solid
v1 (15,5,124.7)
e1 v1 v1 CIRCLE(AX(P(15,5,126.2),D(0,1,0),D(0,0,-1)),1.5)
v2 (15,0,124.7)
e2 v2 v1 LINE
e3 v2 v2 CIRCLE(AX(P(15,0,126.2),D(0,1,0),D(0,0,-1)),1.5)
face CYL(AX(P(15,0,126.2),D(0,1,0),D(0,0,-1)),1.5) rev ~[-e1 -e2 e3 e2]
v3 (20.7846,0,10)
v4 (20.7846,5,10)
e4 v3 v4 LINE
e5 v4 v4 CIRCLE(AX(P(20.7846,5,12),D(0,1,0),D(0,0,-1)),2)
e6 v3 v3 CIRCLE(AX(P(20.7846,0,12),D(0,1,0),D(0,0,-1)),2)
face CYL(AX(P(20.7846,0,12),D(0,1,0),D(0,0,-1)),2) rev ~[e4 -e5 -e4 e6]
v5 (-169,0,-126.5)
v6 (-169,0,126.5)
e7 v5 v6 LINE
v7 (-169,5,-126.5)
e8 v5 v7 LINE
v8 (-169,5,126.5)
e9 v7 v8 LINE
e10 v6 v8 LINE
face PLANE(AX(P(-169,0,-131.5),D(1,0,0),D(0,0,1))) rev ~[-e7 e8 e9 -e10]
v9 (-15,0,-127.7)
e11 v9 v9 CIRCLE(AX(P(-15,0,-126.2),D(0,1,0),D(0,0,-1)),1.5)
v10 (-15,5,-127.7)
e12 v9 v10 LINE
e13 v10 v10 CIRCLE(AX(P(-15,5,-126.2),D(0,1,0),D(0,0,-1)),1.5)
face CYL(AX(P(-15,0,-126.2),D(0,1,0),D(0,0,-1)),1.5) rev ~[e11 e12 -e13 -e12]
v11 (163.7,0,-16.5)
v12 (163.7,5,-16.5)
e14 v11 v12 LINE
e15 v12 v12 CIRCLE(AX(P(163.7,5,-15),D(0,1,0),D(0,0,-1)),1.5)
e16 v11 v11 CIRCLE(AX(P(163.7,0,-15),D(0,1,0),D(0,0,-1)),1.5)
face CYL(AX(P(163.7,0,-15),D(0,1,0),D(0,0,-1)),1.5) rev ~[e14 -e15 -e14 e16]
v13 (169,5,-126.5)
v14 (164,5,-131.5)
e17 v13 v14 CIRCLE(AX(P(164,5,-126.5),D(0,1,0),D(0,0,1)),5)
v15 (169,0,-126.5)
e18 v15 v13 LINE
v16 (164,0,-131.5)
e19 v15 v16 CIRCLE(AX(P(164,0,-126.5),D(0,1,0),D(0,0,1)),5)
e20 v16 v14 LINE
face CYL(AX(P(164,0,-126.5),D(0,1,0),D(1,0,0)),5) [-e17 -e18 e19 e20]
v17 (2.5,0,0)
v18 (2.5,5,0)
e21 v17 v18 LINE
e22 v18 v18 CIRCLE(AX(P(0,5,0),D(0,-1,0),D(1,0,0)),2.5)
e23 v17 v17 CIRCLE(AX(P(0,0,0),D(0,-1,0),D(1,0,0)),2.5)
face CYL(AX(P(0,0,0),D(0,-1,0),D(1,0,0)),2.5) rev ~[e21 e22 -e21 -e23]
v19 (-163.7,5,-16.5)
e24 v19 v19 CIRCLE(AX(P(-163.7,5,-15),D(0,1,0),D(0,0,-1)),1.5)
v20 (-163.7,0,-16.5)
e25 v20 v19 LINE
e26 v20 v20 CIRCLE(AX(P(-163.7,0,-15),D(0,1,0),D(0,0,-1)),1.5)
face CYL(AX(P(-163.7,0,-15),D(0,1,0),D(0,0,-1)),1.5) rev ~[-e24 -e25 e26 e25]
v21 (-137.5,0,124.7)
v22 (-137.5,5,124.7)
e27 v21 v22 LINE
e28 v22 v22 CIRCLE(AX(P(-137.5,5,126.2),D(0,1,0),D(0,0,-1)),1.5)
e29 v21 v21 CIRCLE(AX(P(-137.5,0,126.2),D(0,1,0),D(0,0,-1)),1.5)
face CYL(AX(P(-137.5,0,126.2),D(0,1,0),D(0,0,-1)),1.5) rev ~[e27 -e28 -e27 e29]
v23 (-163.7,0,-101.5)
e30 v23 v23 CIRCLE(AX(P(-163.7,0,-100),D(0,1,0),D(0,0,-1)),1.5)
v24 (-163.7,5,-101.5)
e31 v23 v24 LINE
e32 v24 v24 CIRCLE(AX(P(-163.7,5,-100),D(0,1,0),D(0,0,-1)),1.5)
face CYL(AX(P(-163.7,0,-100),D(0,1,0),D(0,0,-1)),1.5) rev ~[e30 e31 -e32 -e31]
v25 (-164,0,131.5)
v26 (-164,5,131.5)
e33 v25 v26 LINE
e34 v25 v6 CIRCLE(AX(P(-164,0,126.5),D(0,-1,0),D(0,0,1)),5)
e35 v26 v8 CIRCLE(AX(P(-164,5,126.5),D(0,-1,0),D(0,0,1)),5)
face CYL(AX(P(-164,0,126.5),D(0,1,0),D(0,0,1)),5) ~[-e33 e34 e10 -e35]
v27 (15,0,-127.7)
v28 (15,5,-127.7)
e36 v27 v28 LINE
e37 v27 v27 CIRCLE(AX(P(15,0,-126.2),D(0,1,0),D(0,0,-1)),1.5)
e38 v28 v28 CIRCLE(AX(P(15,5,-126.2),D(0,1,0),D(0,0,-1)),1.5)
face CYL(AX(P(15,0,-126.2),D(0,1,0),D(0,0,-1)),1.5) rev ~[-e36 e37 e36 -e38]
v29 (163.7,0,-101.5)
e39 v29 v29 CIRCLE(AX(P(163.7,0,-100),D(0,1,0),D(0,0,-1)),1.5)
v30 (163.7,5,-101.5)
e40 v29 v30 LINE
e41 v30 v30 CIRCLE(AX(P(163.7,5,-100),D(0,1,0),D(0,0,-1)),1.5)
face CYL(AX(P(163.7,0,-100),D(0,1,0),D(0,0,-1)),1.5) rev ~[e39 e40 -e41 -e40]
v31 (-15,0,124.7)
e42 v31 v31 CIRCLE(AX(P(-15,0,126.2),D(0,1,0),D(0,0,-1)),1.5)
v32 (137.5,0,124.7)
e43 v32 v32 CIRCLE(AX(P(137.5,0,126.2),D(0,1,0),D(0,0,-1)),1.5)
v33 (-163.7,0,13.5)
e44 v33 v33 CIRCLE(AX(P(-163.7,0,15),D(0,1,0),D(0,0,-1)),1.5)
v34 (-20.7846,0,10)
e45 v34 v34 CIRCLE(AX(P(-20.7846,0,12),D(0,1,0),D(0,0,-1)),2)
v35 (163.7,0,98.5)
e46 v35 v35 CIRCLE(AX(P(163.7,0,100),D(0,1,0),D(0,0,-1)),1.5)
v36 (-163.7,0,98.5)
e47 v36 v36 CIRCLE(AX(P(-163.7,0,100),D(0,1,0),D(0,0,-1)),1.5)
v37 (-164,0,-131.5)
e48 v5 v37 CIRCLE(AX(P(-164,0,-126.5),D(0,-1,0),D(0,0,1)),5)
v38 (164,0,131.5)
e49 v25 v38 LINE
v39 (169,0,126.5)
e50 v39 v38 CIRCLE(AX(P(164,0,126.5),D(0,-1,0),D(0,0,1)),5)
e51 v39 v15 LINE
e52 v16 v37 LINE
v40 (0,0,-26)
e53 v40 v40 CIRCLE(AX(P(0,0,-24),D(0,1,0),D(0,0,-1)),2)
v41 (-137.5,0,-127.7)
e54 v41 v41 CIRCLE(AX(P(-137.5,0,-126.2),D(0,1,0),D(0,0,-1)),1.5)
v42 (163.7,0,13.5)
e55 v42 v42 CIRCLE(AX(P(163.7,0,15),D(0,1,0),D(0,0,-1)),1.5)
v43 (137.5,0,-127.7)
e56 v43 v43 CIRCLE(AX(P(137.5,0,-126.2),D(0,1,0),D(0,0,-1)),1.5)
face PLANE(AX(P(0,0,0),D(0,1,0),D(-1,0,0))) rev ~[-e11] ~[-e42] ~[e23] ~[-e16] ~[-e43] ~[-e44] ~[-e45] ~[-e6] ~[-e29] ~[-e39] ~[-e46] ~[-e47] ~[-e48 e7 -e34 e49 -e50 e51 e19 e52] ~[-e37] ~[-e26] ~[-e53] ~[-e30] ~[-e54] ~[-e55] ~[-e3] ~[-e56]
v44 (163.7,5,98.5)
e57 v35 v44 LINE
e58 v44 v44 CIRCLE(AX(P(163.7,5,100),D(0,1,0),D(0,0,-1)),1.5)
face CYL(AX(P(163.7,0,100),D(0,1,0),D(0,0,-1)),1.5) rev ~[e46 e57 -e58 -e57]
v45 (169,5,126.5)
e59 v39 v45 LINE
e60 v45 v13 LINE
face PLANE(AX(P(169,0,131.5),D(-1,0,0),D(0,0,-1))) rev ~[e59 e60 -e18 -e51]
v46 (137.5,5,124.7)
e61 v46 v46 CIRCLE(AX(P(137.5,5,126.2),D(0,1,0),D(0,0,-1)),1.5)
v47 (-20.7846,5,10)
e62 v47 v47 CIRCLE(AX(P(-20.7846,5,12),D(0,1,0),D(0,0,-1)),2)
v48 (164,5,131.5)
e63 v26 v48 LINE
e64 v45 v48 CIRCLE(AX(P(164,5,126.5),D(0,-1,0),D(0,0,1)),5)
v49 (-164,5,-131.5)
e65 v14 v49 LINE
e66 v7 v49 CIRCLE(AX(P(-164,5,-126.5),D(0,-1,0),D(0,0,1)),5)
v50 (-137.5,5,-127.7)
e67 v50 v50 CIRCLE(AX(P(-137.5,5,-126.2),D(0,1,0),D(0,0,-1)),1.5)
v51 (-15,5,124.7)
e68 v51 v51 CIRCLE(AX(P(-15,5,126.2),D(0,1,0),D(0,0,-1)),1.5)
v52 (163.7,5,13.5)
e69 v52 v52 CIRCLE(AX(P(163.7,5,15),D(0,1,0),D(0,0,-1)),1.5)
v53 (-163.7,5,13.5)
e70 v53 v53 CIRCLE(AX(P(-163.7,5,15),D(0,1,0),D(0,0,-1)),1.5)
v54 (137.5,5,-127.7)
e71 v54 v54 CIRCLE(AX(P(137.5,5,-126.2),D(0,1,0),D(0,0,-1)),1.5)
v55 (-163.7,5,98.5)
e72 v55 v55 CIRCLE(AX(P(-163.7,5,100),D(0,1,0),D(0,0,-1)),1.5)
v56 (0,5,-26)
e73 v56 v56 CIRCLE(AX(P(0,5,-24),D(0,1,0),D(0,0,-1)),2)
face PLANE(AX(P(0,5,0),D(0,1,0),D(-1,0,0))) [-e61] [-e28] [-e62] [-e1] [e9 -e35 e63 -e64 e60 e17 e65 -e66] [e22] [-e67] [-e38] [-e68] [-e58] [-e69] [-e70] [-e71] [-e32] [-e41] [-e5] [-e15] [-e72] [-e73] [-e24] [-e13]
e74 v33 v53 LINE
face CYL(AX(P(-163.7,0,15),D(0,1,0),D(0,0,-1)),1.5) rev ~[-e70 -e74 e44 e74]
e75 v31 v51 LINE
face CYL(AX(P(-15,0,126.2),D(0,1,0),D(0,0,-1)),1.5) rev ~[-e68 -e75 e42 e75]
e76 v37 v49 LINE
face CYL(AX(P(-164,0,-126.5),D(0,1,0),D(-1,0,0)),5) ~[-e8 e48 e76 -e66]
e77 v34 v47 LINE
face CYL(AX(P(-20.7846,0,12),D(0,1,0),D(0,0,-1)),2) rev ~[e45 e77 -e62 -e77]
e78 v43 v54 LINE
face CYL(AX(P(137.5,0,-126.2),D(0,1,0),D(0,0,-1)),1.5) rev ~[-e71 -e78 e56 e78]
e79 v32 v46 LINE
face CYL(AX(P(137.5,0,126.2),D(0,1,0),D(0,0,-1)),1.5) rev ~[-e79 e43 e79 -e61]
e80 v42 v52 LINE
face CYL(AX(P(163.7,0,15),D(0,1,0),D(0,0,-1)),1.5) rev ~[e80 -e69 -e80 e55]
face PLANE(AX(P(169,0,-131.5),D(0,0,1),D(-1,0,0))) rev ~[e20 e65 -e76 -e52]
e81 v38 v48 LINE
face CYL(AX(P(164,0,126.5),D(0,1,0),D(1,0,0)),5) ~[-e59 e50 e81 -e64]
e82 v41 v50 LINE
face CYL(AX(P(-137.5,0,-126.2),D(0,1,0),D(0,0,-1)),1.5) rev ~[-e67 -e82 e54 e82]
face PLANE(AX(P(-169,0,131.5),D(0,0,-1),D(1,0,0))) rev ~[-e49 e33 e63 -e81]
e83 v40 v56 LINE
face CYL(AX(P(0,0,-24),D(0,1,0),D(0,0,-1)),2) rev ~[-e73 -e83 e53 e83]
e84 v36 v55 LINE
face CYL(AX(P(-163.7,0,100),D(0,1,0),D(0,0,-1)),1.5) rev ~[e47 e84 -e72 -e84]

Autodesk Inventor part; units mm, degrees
ref_plane "YZ Plane" through (0, 0, 0) normal (1, 0, 0) x (0, 1, 0)
ref_plane "XZ Plane" through (0, 0, 0) normal (0, 1, 0) x (-1, 0, 0)
ref_plane "XY Plane" through (0, 0, 0) normal (0, 0, 1) x (1, 0, 0)
sketch "Szkic1" plane through (0, 0, 0) normal (0, 1, 0) x (-1, 0, 0)
  line L0 (-169, -131.5) -> (169, -131.5)
  line L1 (169, -131.5) -> (169, 131.5)
  line L2 (169, 131.5) -> (-169, 131.5)
  line L3 (-169, 131.5) -> (-169, -131.5)
  line L4 (-169, -131.5) -> (169, 131.5) construction
  line L5 (169, -131.5) -> (-169, 131.5) construction
  point P0 (0, 0)
  dimension "d0" = 338
  dimension "d1" = 263
extrude "Wyciągnięcie proste1" add sketch "Szkic1" along normal blind 5
fillet "Zaokrąglenie1" radius 5 4 edges at (-169, 2.5, -131.5) (169, 2.5, -131.5) (-169, 2.5, 131.5) (169, 2.5, 131.5)
sketch "Szkic2" plane through (0, 0, 0) normal (0, -1, 0) x (1, 0, 0)
  circle A0 centre (-137.5, 126.2) radius 1.65 projected
  circle A1 centre (-163.7, 100) radius 1.65 projected
  circle A2 centre (-163.7, 15) radius 1.65 projected
  circle A3 centre (-163.7, -15) radius 1.65 projected
  circle A4 centre (-163.7, -100) radius 1.65 projected
  circle A5 centre (-137.5, -126.2) radius 1.65 projected
  circle A6 centre (-15, -126.2) radius 1.65 projected
  circle A7 centre (15, -126.2) radius 1.65 projected
  circle A8 centre (-20.7846, 12) radius 2.25 projected
  circle A9 centre (0, -24) radius 2.25 projected
  circle A10 centre (20.7846, 12) radius 2.25 projected
  circle A11 centre (137.5, -126.2) radius 1.65 projected
  circle A12 centre (163.7, -100) radius 1.65 projected
  circle A13 centre (163.7, -15) radius 1.65 projected
  circle A14 centre (163.7, 15) radius 1.65 projected
  circle A15 centre (163.7, 100) radius 1.65 projected
  circle A16 centre (137.5, 126.2) radius 1.65 projected
  circle A17 centre (15, 126.2) radius 1.65 projected
  circle A18 centre (-15, 126.2) radius 1.65 projected
  point P0 (0, 0)
hole "Otwór2" at (20.7846, 0, 12) at (-20.7846, 0, 12) at (0, 0, -24) direction (0, 1, 0) diameter 4 end through all
hole "Otwór1" at (137.5, 0, -126.2) at (163.7, 0, -100) at (163.7, 0, -15) at (163.7, 0, 15) at (163.7, 0, 100) at (137.5, 0, 126.2) at (15, 0, 126.2) at (-15, 0, 126.2) at (-137.5, 0, 126.2) at (-163.7, 0, 100) at (-163.7, 0, 15) at (-163.7, 0, -15) at (-163.7, 0, -100) at (-137.5, 0, -126.2) at (-15, 0, -126.2) at (15, 0, -126.2) direction (0, 1, 0) diameter 3 end through all
sketch "Szkic3" plane through (0, 0, 0) normal (0, -1, 0) x (1, 0, 0)
  circle A0 centre (0, 0) radius 2.5
  dimension "d27" = 5
extrude "Wyciągnięcie proste3" cut sketch "Szkic3" against normal through all
properties part number "frame_lowerl" material "Tworzywo sztuczne PMMA"
